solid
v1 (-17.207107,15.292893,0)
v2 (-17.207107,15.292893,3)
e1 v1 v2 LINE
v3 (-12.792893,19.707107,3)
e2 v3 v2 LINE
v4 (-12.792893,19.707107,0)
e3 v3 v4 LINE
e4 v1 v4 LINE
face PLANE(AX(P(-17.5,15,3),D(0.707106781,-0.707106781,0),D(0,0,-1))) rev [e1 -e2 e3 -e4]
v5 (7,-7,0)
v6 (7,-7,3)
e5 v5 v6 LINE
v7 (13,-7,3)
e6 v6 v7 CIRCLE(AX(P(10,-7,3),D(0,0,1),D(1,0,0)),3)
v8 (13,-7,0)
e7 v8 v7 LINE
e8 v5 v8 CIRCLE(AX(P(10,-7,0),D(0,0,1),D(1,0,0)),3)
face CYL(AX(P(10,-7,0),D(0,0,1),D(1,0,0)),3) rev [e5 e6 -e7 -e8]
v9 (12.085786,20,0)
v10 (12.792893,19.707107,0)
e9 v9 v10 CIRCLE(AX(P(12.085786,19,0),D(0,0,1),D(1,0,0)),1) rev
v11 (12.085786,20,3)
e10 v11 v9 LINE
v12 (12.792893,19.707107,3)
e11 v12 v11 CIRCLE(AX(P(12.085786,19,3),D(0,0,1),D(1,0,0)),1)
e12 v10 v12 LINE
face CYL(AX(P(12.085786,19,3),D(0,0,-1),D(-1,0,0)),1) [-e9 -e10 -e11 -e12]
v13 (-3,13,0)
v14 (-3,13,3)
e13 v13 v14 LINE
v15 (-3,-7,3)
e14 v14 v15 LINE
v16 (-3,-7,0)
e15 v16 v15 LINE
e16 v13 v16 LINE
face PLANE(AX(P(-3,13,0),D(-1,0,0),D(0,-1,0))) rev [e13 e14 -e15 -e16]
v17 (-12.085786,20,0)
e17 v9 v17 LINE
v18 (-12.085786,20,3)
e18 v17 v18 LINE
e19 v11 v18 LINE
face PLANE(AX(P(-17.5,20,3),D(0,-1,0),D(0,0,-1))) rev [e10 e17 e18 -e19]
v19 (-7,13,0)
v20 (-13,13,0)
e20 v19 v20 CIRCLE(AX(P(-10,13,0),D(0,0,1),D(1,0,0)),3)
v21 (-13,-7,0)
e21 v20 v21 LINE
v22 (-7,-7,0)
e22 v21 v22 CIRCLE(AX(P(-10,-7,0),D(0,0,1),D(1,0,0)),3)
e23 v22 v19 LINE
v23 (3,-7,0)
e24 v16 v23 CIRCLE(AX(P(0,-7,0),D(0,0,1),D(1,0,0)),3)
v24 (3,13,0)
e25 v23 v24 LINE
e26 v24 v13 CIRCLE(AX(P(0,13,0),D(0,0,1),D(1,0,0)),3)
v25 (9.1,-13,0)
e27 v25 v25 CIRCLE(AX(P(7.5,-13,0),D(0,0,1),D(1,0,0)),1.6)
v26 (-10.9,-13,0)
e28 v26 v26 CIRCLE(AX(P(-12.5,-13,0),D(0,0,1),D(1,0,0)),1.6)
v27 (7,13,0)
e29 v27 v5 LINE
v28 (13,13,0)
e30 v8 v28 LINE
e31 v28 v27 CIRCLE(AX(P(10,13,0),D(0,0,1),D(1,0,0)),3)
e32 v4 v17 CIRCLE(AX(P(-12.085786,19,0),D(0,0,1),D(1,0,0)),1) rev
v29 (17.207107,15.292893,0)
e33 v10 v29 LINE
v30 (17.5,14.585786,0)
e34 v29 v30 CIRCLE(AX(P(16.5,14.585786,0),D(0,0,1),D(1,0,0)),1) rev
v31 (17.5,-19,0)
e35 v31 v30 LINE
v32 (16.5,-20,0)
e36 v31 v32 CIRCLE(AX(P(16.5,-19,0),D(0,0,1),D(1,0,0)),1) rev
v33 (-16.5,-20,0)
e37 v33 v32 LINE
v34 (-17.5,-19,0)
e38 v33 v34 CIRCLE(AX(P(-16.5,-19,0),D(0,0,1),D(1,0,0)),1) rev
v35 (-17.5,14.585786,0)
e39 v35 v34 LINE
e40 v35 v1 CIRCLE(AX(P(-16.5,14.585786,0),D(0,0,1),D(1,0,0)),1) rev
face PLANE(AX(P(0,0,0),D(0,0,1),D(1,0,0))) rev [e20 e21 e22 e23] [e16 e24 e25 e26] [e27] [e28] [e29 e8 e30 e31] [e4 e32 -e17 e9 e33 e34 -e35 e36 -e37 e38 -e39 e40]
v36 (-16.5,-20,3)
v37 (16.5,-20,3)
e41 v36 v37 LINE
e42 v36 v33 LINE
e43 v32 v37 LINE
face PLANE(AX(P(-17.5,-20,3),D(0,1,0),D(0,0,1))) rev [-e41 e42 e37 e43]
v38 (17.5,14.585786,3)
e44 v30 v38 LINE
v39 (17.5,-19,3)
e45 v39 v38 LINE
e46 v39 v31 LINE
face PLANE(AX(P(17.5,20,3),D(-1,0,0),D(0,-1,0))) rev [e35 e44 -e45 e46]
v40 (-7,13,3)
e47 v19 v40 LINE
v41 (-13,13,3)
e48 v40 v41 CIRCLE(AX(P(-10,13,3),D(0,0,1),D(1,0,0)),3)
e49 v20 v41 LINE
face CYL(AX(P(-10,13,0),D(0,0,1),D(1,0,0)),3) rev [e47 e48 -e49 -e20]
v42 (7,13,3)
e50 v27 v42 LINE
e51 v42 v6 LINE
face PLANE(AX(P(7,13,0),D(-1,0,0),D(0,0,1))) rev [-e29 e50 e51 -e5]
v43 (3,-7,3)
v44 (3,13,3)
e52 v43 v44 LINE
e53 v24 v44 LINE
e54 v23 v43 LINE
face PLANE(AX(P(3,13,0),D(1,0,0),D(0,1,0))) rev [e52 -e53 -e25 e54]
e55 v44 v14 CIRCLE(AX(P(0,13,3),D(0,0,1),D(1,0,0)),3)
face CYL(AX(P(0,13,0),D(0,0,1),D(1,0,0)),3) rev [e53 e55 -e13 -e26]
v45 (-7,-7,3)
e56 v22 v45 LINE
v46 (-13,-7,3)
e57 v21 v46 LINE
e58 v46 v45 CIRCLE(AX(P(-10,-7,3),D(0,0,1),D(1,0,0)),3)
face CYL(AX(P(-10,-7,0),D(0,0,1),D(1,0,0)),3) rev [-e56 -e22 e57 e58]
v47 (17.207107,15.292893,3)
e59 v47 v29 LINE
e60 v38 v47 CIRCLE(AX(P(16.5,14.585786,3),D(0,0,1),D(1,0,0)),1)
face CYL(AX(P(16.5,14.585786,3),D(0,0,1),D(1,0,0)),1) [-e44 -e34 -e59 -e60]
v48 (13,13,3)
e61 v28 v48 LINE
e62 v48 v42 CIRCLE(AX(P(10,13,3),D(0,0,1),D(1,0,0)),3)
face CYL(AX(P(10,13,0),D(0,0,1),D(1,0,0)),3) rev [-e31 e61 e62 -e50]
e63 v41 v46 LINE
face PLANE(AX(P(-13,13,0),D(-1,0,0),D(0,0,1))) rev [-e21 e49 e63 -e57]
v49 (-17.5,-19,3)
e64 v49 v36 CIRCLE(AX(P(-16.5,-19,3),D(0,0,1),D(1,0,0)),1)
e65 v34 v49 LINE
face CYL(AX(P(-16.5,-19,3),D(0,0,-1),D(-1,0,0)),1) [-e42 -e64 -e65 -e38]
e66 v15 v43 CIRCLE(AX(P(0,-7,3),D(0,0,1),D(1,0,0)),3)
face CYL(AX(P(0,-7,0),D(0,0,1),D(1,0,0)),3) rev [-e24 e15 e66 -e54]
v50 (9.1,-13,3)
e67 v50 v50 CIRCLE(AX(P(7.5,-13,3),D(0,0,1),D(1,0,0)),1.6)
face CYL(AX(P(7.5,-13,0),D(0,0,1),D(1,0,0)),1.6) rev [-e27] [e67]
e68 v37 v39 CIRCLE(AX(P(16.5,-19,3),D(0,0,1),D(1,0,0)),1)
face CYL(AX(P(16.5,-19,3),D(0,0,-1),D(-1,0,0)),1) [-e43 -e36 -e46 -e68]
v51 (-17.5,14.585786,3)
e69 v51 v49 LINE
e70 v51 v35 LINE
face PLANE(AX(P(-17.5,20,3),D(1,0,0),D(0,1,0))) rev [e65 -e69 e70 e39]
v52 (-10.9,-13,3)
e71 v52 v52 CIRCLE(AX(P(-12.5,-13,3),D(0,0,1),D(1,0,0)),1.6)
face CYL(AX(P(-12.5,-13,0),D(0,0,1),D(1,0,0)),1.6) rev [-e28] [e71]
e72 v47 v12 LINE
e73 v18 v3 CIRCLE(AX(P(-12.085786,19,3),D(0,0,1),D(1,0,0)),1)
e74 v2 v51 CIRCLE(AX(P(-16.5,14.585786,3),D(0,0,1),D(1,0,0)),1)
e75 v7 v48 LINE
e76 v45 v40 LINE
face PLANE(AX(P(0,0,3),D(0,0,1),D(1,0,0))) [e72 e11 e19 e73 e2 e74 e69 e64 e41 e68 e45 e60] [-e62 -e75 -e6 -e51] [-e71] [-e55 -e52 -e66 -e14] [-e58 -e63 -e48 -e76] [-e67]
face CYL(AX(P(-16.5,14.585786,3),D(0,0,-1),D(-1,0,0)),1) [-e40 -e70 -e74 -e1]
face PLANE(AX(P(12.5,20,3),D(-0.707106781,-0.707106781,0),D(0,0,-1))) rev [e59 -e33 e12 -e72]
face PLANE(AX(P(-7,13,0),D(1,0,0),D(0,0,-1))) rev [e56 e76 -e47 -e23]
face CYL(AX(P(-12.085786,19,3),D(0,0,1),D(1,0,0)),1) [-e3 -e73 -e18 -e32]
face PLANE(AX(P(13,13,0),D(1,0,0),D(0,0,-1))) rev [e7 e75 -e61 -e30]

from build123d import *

# Parameters (mm, degrees)
SKETCH_1_W          = 35
SKETCH_1_H          = 40
EXTRUDE_1_DEPTH     = 3
CHAMFER_1_SIZE      = 5
FILLET_1_R          = 1
SKETCH_2_R          = 1.6
CUT_EXTRUDE_1_DEPTH = 4
CUT_EXTRUDE_2_DEPTH = 4


with BuildPart() as part:
    # 草图1 → 凸台-拉伸1 (new body)
    with BuildSketch(Plane.XY):
        Rectangle(SKETCH_1_W, SKETCH_1_H)
    extrude(amount=EXTRUDE_1_DEPTH)

    # 倒角1
    chamfer_1_edges = [part.edges().sort_by_distance(p)[0] for p in [
        (-17.5, 20, 1.5),
        (17.5, 20, 1.5),
    ]]
    chamfer(chamfer_1_edges, length=CHAMFER_1_SIZE)

    # 圆角1
    fillet_1_edges = [part.edges().sort_by_distance(p)[0] for p in [
        (-17.5, 15, 1.5),
        (12.5, 20, 1.5),
        (-12.5, 20, 1.5),
        (17.5, 15, 1.5),
        (17.5, -20, 1.5),
        (-17.5, -20, 1.5),
    ]]
    fillet(fillet_1_edges, radius=FILLET_1_R)

    # 草图2 → 切除-拉伸1 (cut, through all)
    with BuildSketch(Plane.XY.offset(3)):
        with Locations((-12.5, -13)):
            Circle(SKETCH_2_R)
        with Locations((7.5, -13)):
            Circle(SKETCH_2_R)
    extrude(amount=-CUT_EXTRUDE_1_DEPTH, mode=Mode.SUBTRACT)

    # 草图3 → 切除-拉伸2 (cut, through all)
    with BuildSketch(Plane.XY.offset(3)):
        with BuildLine():
            Line((3, 13), (3, -7))
            ThreePointArc((3, -7), (0, -10), (-3, -7))
            Line((-3, -7), (-3, 13))
            ThreePointArc((-3, 13), (0, 16), (3, 13))
        make_face()
        with BuildLine():
            Line((-7, 13), (-7, -7))
            ThreePointArc((-7, -7), (-10, -10), (-13, -7))
            Line((-13, -7), (-13, 13))
            ThreePointArc((-13, 13), (-10, 16), (-7, 13))
        make_face()
        with BuildLine():
            Line((13, 13), (13, -7))
            ThreePointArc((13, -7), (10, -10), (7, -7))
            Line((7, -7), (7, 13))
            ThreePointArc((7, 13), (10, 16), (13, 13))
        make_face()
    extrude(amount=-CUT_EXTRUDE_2_DEPTH, mode=Mode.SUBTRACT)


solid = part.part
